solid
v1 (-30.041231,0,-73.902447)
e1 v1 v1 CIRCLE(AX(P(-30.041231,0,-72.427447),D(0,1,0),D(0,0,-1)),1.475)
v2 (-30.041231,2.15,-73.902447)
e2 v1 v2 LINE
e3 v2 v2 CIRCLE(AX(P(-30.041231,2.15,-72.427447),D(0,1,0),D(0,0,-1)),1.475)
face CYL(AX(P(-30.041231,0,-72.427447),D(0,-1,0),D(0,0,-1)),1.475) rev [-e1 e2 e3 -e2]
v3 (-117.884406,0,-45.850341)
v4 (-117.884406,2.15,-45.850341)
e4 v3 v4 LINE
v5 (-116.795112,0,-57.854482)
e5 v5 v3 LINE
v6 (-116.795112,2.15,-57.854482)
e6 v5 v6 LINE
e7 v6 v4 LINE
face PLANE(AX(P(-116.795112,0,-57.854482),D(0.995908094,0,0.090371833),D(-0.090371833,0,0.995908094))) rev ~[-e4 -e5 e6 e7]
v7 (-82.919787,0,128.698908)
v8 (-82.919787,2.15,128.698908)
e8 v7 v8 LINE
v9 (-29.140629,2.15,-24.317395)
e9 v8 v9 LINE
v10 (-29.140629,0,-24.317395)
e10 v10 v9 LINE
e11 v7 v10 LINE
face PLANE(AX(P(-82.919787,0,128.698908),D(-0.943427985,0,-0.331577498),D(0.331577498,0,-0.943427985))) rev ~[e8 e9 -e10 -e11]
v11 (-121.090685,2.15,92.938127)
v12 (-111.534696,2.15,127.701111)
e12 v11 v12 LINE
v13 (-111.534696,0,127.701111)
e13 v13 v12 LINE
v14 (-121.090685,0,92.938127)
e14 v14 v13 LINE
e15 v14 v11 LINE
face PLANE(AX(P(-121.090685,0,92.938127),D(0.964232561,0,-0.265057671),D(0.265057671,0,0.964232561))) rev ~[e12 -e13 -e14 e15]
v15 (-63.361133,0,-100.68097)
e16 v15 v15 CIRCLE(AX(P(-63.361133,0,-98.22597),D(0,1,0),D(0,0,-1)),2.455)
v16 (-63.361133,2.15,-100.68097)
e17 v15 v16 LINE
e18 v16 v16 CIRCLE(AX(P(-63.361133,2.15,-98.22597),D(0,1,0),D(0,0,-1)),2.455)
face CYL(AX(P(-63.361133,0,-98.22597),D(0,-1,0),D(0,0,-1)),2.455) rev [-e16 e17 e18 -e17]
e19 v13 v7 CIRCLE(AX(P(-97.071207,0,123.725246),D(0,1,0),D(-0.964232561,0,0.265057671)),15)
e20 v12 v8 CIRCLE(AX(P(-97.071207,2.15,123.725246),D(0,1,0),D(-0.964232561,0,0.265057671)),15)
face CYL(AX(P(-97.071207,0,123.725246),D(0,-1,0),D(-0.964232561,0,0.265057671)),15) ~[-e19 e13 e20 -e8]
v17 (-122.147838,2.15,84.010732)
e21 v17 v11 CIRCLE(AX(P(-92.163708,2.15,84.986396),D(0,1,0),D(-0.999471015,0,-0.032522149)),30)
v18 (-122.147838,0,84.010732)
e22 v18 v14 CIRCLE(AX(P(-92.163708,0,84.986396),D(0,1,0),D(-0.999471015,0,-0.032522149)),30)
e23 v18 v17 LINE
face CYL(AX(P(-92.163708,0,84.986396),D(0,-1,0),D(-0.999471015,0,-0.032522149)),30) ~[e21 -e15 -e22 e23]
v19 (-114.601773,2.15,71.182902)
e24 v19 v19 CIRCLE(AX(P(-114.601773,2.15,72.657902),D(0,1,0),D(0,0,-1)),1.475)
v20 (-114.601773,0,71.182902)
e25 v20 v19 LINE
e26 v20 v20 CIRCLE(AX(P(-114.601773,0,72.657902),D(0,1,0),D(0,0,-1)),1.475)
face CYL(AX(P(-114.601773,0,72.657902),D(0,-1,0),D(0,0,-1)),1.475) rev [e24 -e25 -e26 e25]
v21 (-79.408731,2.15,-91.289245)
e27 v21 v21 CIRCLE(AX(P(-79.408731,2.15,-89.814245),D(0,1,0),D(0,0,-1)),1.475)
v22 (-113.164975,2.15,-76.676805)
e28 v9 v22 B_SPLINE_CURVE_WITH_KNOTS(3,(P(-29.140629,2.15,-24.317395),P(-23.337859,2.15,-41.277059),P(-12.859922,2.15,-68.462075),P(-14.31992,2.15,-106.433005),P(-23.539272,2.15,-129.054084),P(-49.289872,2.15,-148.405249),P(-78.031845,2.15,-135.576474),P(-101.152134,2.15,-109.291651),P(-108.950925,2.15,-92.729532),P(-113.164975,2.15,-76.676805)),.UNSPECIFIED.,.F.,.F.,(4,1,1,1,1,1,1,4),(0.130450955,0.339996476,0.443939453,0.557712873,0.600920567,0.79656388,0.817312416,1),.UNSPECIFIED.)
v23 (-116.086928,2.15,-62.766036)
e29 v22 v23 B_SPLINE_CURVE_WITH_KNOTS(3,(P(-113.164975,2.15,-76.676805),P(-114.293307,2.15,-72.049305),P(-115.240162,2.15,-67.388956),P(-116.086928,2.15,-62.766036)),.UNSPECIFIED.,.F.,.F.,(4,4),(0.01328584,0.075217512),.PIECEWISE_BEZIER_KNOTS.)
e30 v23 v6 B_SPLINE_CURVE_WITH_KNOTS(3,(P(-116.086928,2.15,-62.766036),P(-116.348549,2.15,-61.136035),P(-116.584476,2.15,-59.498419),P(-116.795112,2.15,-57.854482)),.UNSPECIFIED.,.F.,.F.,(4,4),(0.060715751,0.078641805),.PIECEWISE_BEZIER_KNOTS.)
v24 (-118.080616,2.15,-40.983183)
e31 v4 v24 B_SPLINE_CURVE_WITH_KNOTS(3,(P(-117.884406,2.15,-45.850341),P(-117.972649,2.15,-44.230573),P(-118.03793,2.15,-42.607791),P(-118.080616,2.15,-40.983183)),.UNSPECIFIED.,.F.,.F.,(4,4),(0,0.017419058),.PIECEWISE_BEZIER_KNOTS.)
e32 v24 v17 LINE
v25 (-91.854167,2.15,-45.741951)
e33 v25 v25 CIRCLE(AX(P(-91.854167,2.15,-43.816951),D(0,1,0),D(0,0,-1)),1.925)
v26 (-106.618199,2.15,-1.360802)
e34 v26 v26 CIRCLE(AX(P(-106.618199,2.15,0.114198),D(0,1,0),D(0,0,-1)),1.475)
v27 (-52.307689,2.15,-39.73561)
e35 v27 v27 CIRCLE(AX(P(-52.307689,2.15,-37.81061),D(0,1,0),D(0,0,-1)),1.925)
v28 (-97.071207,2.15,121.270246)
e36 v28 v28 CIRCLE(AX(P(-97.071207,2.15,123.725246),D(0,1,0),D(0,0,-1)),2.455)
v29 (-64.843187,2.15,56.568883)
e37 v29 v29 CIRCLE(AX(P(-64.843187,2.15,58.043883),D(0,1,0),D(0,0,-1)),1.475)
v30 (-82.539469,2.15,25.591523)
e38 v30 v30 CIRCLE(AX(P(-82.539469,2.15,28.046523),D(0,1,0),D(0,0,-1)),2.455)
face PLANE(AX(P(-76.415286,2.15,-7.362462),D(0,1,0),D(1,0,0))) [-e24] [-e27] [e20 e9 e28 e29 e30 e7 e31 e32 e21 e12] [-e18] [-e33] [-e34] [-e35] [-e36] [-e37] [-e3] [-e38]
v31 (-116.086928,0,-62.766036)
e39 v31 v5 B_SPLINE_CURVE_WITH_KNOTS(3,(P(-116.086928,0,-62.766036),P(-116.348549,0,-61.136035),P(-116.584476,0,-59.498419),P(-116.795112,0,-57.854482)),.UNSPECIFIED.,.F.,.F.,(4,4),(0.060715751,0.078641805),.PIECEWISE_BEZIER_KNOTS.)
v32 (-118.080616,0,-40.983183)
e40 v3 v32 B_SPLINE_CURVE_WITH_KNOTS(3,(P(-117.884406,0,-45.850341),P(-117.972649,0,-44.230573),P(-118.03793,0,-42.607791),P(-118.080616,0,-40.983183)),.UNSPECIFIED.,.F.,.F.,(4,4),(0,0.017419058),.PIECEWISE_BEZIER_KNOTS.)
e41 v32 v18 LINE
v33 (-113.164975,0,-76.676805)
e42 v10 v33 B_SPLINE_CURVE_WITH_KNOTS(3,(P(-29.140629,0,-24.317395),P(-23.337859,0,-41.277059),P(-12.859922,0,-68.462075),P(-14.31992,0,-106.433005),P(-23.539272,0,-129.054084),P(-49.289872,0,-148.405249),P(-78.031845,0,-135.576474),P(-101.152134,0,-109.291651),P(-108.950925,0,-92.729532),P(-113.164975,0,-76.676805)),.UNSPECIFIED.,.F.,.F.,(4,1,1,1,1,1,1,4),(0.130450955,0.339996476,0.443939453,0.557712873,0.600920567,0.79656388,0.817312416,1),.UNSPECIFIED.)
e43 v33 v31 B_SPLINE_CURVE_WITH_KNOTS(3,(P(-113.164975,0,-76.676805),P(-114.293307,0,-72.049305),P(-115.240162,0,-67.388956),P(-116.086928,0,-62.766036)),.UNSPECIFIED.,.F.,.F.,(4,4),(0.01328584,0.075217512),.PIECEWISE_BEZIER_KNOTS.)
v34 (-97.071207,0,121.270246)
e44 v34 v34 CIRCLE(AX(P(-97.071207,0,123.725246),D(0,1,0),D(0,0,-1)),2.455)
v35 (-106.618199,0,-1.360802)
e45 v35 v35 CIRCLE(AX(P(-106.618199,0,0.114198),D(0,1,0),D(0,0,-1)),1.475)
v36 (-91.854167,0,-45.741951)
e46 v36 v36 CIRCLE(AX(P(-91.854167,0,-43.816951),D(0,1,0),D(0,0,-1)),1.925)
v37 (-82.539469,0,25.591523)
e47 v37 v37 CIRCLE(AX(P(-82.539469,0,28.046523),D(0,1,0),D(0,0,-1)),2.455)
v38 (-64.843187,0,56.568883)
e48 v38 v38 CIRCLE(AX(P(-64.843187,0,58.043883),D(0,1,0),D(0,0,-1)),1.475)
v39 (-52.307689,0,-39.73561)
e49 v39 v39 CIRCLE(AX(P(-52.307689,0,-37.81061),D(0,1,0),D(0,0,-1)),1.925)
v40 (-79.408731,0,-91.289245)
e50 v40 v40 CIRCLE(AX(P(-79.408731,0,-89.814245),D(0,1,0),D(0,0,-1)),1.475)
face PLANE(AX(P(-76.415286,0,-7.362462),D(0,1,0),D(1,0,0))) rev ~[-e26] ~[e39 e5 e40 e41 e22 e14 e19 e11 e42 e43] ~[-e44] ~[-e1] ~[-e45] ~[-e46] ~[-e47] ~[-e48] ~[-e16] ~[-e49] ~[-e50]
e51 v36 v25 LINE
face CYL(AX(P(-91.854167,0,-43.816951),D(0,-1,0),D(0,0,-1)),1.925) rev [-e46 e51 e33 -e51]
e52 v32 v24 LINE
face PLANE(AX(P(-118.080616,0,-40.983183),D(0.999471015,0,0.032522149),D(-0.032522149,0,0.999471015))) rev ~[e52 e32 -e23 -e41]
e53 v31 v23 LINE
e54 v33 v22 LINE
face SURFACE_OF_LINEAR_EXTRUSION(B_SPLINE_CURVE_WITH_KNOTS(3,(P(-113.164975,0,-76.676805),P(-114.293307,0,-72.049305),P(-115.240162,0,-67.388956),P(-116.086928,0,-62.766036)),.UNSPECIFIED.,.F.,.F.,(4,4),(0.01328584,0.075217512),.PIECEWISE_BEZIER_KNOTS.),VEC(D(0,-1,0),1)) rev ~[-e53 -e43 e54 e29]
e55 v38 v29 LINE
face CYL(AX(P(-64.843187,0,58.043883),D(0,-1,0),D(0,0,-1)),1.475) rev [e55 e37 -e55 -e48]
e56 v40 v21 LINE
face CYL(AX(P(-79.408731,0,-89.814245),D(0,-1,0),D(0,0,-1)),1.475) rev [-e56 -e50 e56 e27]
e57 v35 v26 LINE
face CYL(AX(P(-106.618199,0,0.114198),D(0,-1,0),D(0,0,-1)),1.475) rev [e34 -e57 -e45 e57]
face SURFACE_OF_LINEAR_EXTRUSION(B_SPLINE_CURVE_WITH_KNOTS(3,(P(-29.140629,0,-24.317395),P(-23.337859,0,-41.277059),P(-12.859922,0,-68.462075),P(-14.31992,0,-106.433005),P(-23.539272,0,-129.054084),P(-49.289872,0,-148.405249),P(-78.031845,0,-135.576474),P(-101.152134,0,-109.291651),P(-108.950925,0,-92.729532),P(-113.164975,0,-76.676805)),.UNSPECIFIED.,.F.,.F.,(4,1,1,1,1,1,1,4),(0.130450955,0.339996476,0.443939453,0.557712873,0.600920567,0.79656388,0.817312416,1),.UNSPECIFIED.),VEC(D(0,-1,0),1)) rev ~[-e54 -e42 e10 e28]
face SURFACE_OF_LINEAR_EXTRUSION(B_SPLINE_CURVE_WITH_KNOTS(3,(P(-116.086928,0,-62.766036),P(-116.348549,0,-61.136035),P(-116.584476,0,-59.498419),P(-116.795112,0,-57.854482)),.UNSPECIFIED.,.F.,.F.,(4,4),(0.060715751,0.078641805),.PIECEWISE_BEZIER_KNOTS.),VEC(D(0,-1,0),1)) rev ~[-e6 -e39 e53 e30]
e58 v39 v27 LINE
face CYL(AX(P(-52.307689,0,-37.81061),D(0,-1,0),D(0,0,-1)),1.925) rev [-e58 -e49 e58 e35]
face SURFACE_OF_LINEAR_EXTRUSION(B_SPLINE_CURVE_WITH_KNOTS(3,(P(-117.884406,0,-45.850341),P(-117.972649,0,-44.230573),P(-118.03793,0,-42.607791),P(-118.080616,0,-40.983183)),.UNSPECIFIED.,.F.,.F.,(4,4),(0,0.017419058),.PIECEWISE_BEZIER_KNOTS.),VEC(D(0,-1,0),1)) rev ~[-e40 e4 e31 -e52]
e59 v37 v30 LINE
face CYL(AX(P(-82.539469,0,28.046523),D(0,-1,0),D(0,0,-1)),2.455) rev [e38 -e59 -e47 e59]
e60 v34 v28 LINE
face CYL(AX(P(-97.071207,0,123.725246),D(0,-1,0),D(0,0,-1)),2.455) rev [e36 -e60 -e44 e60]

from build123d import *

# Parameters (mm, degrees)
SKETCH1_R           = 2.455
SKETCH1_R_2         = 1.475
SKETCH1_R_3         = 1.925
BOSS_EXTRUDE1_DEPTH = 2.15


with BuildPart() as part:
    # Sketch1 → Boss-Extrude1 (new body)
    with BuildSketch(Plane(origin=(0, 0, 0), x_dir=(1, 0, 0), z_dir=(0, 1, 0))):
        with BuildLine():
            Line((-82.919787444, -128.698908445), (-29.140629004, 24.317395253))
            add(Edge.make_bspline(
                [(-29.140629004, 24.317395253), (-23.337858539, 41.277059327), (-12.859922069, 68.46207501), (-14.319919643, 106.433004768), (-23.539271508, 129.054084446), (-49.289871518, 148.405248856), (-78.031844676, 135.576474168), (-101.152133843, 109.291651208), (-108.95092469, 92.729531905), (-113.164975056, 76.676804997)],
                knots=[0.130450955, 0.130450955, 0.130450955, 0.130450955, 0.339996476, 0.443939453, 0.557712873, 0.600920567, 0.79656388, 0.817312416, 1, 1, 1, 1], degree=3))
            add(Edge.make_bspline(
                [(-113.164975056, 76.676804997), (-114.293306759, 72.049304665), (-115.240161991, 67.388956151), (-116.086927837, 62.766035919)],
                knots=[0.01328584, 0.01328584, 0.01328584, 0.01328584, 0.075217512, 0.075217512, 0.075217512, 0.075217512], degree=3))
            add(Edge.make_bspline(
                [(-116.086927837, 62.766035919), (-116.348548805, 61.136035297), (-116.584476112, 59.498418841), (-116.795112166, 57.854481822)],
                knots=[0.060715751, 0.060715751, 0.060715751, 0.060715751, 0.078641805, 0.078641805, 0.078641805, 0.078641805], degree=3))
            Line((-116.795112166, 57.854481822), (-117.884405612, 45.850341496))
            add(Edge.make_bspline(
                [(-117.884405612, 45.850341496), (-117.972649156, 44.230573242), (-118.037929563, 42.60779089), (-118.080616055, 40.983182889)],
                knots=[0, 0, 0, 0, 0.017419058, 0.017419058, 0.017419058, 0.017419058], degree=3))
            Line((-118.080616055, 40.983182889), (-122.147838246, -84.01073193))
            ThreePointArc((-122.147838246, -84.01073193), (-121.955556235, -88.514252193), (-121.090684612, -92.938126535))
            Line((-121.090684612, -92.938126535), (-111.534695628, -127.701111051))
            ThreePointArc((-111.534695628, -127.701111051), (-97.593937187, -138.716134992), (-82.919787444, -128.698908445))
        make_face()
        with Locations(Location((-97.07120722, -123.72524598, 0), (0, 0, 90))):
            Circle(SKETCH1_R, mode=Mode.SUBTRACT)
        with Locations(Location((-114.601772791, -72.657901757, 0), (0, 0, 90))):
            Circle(SKETCH1_R_2, mode=Mode.SUBTRACT)
        with Locations(Location((-64.843187058, -58.043882944, 0), (0, 0, 90))):
            Circle(SKETCH1_R_2, mode=Mode.SUBTRACT)
        with Locations(Location((-82.539469357, -28.04652318, 0), (0, 0, 90))):
            Circle(SKETCH1_R, mode=Mode.SUBTRACT)
        with Locations(Location((-106.618198832, -0.114198055, 0), (0, 0, 90))):
            Circle(SKETCH1_R_2, mode=Mode.SUBTRACT)
        with Locations(Location((-52.307689331, 37.810609892, 0), (0, 0, 90))):
            Circle(SKETCH1_R_3, mode=Mode.SUBTRACT)
        with Locations(Location((-91.854166633, 43.816950954, 0), (0, 0, 90))):
            Circle(SKETCH1_R_3, mode=Mode.SUBTRACT)
        with Locations(Location((-30.041231326, 72.427446852, 0), (0, 0, 90))):
            Circle(SKETCH1_R_2, mode=Mode.SUBTRACT)
        with Locations(Location((-79.40873095, 89.814244628, 0), (0, 0, 90))):
            Circle(SKETCH1_R_2, mode=Mode.SUBTRACT)
        with Locations(Location((-63.361132615, 98.225969641, 0), (0, 0, 90))):
            Circle(SKETCH1_R, mode=Mode.SUBTRACT)
    extrude(amount=BOSS_EXTRUDE1_DEPTH)


solid = part.part
